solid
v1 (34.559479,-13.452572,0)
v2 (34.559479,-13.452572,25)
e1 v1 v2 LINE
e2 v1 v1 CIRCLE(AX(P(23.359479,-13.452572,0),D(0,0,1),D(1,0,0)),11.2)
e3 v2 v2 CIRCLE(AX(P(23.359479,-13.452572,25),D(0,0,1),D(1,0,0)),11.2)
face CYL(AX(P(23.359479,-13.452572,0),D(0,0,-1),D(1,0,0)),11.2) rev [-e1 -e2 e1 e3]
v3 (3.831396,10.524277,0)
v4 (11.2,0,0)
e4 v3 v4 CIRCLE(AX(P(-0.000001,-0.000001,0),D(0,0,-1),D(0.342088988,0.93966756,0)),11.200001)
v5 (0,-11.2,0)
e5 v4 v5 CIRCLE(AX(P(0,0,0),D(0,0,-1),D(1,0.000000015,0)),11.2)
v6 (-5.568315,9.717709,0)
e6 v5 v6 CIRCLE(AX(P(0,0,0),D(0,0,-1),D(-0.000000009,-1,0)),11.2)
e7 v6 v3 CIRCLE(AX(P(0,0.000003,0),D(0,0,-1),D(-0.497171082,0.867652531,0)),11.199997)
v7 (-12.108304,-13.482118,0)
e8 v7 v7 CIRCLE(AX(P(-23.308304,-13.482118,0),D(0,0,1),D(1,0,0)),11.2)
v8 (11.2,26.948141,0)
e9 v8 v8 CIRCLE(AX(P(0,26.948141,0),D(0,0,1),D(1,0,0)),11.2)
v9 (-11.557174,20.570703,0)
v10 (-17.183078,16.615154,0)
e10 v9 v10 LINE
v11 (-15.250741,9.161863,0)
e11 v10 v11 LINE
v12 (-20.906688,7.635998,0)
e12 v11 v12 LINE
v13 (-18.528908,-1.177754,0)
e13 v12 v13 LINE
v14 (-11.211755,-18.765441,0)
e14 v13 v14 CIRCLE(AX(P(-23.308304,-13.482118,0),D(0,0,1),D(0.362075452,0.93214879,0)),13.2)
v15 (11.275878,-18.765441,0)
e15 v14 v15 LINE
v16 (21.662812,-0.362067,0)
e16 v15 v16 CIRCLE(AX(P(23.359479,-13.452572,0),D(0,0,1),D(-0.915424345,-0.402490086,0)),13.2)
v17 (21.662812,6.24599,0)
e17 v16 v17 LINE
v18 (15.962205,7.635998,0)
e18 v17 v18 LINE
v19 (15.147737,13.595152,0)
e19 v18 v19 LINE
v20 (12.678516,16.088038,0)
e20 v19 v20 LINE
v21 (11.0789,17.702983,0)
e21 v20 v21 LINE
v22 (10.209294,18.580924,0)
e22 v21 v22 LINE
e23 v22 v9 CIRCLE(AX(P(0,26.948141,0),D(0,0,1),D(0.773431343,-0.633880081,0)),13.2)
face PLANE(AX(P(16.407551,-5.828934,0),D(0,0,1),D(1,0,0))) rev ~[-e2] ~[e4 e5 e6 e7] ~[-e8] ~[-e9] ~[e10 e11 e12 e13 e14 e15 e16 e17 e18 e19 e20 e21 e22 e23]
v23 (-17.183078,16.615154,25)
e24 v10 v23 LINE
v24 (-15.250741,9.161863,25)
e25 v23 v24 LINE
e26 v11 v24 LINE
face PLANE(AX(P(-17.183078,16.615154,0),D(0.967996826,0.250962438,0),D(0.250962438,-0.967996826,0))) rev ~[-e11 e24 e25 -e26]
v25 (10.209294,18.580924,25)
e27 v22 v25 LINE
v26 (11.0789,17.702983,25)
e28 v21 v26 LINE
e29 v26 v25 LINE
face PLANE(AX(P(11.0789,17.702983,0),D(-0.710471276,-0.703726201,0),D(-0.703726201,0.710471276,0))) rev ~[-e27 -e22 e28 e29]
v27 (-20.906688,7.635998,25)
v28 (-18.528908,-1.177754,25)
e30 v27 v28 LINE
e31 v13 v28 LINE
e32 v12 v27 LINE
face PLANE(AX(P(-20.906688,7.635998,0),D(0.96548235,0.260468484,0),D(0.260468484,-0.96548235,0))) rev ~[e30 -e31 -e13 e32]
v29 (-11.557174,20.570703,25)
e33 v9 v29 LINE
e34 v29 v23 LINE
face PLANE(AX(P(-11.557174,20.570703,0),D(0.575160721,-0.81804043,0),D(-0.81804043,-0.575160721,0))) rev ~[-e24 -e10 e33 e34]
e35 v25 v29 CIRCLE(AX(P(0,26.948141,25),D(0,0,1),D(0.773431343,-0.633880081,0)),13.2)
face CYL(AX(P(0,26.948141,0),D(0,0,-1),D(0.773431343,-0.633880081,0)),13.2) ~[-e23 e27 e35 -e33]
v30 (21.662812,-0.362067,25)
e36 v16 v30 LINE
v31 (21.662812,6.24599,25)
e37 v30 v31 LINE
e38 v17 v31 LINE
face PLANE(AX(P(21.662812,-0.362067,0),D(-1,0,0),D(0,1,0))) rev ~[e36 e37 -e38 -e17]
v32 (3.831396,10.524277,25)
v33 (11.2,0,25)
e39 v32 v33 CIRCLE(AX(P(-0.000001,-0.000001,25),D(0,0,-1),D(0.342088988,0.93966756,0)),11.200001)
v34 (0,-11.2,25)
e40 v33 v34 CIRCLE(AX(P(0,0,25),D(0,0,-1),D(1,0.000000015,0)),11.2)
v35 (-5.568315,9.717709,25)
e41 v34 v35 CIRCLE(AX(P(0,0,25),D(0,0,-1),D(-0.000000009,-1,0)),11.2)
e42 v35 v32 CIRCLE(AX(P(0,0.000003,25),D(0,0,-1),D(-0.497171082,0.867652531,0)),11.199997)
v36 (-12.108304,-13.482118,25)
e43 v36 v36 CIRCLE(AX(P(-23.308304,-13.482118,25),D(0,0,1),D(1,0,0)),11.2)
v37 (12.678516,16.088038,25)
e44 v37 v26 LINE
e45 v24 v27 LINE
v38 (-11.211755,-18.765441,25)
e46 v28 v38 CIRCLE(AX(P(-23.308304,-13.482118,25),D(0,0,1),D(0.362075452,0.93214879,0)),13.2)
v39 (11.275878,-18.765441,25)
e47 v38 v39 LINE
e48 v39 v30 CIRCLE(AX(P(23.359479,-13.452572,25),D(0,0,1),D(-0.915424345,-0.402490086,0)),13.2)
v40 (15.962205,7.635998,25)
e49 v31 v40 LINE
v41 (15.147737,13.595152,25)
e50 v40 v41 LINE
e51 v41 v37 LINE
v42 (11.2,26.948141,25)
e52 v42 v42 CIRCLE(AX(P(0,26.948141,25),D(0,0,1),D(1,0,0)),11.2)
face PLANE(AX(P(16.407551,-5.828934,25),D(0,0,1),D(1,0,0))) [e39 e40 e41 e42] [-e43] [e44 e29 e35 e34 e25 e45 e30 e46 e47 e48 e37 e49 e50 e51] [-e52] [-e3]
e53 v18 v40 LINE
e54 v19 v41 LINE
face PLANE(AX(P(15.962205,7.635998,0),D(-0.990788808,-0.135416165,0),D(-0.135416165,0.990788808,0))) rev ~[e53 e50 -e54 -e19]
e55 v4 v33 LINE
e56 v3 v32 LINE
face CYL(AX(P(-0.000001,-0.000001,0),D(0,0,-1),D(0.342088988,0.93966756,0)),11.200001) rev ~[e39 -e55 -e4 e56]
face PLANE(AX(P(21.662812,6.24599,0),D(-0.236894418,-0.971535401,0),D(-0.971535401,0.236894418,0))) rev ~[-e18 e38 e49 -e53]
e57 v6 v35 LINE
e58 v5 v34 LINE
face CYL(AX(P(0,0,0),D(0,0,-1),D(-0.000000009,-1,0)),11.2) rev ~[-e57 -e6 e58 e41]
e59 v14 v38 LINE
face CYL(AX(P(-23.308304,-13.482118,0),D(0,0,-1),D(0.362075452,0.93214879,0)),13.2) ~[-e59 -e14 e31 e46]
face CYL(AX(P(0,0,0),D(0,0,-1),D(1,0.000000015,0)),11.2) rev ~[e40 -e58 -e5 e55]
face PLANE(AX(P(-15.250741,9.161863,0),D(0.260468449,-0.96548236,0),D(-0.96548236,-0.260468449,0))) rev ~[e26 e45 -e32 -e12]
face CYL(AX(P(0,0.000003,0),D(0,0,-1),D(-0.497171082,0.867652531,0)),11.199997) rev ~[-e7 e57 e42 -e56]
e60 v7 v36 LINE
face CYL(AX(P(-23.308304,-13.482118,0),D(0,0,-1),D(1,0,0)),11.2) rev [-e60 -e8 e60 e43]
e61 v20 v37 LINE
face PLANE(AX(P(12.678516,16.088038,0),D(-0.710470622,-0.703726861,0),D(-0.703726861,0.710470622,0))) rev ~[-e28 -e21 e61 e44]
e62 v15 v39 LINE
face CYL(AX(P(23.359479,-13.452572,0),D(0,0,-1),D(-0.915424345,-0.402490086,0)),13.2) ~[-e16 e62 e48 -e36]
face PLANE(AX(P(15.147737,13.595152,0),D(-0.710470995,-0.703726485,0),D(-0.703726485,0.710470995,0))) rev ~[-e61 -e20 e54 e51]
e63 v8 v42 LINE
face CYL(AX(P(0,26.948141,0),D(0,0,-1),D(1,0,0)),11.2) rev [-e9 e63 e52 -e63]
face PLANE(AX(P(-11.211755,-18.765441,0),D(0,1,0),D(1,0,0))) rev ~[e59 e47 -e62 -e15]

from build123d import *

# Parameters (mm, degrees)
F0_R     = 11.2
F1_DEPTH = 25


with BuildPart() as f1:
    # F0 (on Top) → F1 (new body)
    with BuildSketch(Plane.XY):
        with BuildLine():
            ThreePointArc((3.831396, 10.524277), (9.174738, 6.42372), (11.2, 0))
            ThreePointArc((11.2, 0), (7.919596, -7.919596), (0, -11.2))
            Line((0, -11.2), (1.961414, -18.765441))
            Line((1.961414, -18.765441), (11.275878, -18.765441))
            ThreePointArc((11.275878, -18.765441), (34.854913, -19.940638), (21.662812, -0.362067))
            Line((21.662812, -0.362067), (21.662812, 6.24599))
            Line((21.662812, 6.24599), (15.962205, 7.635998))
            Line((15.962205, 7.635998), (15.147737, 13.595152))
            Line((15.147737, 13.595152), (12.678516, 16.088038))
            Line((12.678516, 16.088038), (11.0789, 17.702983))
            Line((11.0789, 17.702983), (3.831396, 10.524277))
        make_face()
        with Locations((23.359479, -13.452572)):
            Circle(F0_R, mode=Mode.SUBTRACT)
        with BuildLine():
            ThreePointArc((-5.568315, 9.717709), (-0.957528, 11.158994), (3.831396, 10.524277))
            Line((3.831396, 10.524277), (11.0789, 17.702983))
            Line((11.0789, 17.702983), (10.209294, 18.580924))
            ThreePointArc((10.209294, 18.580924), (1.201666, 40.09333), (-11.557174, 20.570703))
            Line((-11.557174, 20.570703), (-5.568315, 9.717709))
        make_face()
        with Locations((0, 26.948141)):
            Circle(F0_R, mode=Mode.SUBTRACT)
        with BuildLine():
            Line((1.961414, -18.765441), (0, -11.2))
            ThreePointArc((0, -11.2), (-10.823085, -2.881116), (-5.568315, 9.717709))
            Line((-5.568315, 9.717709), (-11.557174, 20.570703))
            Line((-11.557174, 20.570703), (-17.183078, 16.615154))
            Line((-17.183078, 16.615154), (-15.250741, 9.161863))
            Line((-15.250741, 9.161863), (-20.906688, 7.635998))
            Line((-20.906688, 7.635998), (-18.528908, -1.177754))
            ThreePointArc((-18.528908, -1.177754), (-35.495636, -18.552516), (-11.211755, -18.765441))
            Line((-11.211755, -18.765441), (1.961414, -18.765441))
        make_face()
        with Locations((-23.308304, -13.482118)):
            Circle(F0_R, mode=Mode.SUBTRACT)
    extrude(amount=F1_DEPTH)


solid = f1.part
